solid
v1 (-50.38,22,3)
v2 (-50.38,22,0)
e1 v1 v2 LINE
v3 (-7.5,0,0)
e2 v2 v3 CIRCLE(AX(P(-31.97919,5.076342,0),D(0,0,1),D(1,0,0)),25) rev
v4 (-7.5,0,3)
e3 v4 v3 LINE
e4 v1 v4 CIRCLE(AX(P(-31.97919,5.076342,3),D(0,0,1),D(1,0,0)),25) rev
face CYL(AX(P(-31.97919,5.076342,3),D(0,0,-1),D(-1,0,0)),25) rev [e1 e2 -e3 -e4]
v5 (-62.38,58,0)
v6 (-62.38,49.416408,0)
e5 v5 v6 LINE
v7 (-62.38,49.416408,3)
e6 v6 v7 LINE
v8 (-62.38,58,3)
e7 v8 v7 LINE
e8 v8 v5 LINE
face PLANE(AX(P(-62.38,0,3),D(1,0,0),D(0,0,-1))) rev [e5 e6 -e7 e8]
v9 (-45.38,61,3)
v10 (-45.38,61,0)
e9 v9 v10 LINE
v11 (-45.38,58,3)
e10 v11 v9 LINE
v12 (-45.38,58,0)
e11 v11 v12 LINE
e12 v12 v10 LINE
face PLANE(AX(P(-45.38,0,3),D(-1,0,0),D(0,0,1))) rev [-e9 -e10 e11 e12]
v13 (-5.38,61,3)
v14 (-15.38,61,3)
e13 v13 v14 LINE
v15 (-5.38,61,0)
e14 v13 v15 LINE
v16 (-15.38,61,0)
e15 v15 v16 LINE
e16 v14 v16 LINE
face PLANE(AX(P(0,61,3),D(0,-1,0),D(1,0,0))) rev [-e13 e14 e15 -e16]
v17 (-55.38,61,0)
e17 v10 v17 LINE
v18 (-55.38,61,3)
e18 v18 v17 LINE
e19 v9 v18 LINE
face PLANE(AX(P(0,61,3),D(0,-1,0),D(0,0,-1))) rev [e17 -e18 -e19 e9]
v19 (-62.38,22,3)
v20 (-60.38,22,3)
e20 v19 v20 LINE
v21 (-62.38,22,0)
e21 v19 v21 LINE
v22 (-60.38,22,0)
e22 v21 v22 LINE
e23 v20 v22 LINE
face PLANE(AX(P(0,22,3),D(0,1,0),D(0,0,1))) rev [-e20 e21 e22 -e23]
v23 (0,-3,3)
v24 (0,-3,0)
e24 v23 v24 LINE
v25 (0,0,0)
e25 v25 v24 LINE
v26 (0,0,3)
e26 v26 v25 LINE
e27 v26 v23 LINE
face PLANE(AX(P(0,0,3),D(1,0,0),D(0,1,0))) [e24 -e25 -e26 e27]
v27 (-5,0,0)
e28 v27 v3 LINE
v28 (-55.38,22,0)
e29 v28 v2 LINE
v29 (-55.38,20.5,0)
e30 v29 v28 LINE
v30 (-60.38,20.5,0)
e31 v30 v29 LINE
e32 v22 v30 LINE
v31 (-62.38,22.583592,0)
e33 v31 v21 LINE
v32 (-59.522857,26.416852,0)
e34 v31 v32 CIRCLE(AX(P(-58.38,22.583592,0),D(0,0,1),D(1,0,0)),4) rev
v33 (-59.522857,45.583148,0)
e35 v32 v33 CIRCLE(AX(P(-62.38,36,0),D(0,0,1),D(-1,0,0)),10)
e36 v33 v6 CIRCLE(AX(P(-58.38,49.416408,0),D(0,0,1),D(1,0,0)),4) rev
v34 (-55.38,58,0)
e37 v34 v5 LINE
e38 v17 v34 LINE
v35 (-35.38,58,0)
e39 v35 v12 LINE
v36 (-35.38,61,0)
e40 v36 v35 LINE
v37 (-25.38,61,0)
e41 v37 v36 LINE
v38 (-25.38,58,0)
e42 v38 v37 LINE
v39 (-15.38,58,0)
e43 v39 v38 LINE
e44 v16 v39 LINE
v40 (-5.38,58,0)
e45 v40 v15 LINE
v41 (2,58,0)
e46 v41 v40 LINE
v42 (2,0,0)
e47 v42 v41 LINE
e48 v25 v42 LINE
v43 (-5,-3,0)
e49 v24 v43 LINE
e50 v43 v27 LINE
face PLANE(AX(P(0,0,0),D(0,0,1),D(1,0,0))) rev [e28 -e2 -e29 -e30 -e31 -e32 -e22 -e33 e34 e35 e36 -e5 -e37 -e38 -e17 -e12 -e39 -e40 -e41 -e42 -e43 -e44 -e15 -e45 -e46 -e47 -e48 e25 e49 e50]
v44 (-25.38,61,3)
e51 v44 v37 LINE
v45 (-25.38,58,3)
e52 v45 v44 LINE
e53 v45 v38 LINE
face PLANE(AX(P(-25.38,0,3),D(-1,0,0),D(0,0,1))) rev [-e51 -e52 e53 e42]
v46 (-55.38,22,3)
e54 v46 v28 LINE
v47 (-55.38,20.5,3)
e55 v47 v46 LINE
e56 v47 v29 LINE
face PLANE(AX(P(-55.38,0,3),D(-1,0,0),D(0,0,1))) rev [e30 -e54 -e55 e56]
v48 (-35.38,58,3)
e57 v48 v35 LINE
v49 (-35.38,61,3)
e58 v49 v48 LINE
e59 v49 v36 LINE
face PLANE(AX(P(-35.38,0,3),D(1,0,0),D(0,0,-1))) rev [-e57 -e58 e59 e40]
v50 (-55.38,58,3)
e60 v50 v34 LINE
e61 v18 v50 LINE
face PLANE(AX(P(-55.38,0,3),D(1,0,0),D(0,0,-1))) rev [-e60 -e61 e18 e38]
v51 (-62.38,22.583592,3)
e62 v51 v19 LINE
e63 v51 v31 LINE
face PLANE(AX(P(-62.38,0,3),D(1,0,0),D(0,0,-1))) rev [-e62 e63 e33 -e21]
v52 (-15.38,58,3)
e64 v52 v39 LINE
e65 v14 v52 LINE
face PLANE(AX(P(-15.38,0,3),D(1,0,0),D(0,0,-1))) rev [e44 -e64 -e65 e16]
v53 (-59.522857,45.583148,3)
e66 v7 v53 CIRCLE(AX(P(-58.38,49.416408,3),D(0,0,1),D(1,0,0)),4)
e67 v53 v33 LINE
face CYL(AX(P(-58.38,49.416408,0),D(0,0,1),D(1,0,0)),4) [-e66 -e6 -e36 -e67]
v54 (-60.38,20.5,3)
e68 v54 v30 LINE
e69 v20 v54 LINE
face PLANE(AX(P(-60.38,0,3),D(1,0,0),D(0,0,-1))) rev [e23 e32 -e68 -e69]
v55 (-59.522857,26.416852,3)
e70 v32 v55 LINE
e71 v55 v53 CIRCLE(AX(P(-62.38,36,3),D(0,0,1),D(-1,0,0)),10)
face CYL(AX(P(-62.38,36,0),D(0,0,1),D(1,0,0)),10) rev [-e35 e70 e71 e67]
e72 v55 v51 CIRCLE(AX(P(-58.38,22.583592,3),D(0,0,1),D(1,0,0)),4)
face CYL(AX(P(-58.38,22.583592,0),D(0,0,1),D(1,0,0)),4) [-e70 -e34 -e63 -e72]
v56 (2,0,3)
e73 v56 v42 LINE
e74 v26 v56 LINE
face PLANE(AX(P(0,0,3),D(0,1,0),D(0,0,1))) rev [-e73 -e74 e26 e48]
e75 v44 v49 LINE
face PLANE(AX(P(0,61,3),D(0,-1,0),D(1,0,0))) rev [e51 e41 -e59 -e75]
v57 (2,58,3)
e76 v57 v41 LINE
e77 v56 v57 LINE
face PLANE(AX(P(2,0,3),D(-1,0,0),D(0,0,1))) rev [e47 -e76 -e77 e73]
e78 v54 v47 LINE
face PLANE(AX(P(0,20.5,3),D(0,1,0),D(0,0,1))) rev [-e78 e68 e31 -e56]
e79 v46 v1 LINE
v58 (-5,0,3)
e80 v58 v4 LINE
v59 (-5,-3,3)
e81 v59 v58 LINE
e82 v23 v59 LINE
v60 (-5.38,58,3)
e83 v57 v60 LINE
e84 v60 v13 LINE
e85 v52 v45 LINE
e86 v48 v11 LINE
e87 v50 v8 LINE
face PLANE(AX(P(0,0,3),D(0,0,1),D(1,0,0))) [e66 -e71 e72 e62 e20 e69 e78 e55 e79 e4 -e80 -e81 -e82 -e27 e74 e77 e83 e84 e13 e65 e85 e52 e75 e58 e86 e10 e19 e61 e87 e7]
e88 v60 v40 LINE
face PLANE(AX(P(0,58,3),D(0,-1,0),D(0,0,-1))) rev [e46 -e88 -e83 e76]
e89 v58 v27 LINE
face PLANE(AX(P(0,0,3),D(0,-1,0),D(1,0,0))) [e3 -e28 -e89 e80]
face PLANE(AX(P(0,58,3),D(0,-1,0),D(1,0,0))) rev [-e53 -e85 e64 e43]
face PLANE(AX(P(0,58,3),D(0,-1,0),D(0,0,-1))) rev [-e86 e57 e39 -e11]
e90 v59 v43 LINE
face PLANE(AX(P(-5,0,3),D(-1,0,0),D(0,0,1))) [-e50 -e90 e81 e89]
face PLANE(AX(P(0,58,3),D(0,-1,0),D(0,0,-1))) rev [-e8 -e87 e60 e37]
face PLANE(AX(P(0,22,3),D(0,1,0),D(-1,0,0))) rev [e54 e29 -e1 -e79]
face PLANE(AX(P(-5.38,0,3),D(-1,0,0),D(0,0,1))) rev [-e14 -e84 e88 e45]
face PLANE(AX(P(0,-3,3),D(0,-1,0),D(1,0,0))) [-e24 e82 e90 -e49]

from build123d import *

# Parameters (mm, degrees)
SALIENTE_EXTRUIR1_DEPTH = 3
CORTAR_EXTRUIR1_DEPTH   = 3
REDONDEO1_R             = 4


with BuildPart() as part:
    # Croquis1 → Saliente-Extruir1 (new body)
    with BuildSketch(Plane.XY):
        with BuildLine():
            Line((0, 0), (0, -3))
            Line((0, -3), (-5, -3))
            Line((-5, -3), (-5, 0))
            Line((-5, 0), (-7.5, 0))
            ThreePointArc((-7.5, 0), (-20.567061666, 27.319617989), (-50.38, 22))
            Line((-50.38, 22), (-55.38, 22))
            Line((-55.38, 22), (-55.38, 20.5))
            Line((-55.38, 20.5), (-60.38, 20.5))
            Line((-60.38, 20.5), (-60.38, 22))
            Line((-60.38, 22), (-62.38, 22))
            Line((-62.38, 22), (-62.38, 58))
            Line((-62.38, 58), (-55.38, 58))
            Line((-55.38, 58), (-55.38, 61))
            Line((-55.38, 61), (-45.38, 61))
            Line((-45.38, 61), (-45.38, 58))
            Line((-45.38, 58), (-35.38, 58))
            Line((-35.38, 58), (-35.38, 61))
            Line((-35.38, 61), (-25.38, 61))
            Line((-25.38, 61), (-25.38, 58))
            Line((-25.38, 58), (-15.38, 58))
            Line((-15.38, 58), (-15.38, 61))
            Line((-15.38, 61), (-5.38, 61))
            Line((-5.38, 61), (-5.38, 58))
            Line((-5.38, 58), (2, 58))
            Line((2, 58), (2, 0))
            Line((2, 0), (0, 0))
        make_face()
    extrude(amount=SALIENTE_EXTRUIR1_DEPTH)

    # Croquis2 → Cortar-Extruir1 (cut)
    with BuildSketch(Plane.XY.offset(3)):
        with BuildLine():
            Line((-62.38, 46), (-62.38, 26))
            ThreePointArc((-62.38, 26), (-52.38, 36), (-62.38, 46))
        make_face()
    extrude(amount=-CORTAR_EXTRUIR1_DEPTH, mode=Mode.SUBTRACT)

    # Redondeo1
    redondeo1_edges = [part.edges().sort_by_distance(p)[0] for p in [
        (-62.38, 46, 1.5),
        (-62.38, 26, 1.5),
    ]]
    fillet(redondeo1_edges, radius=REDONDEO1_R)


solid = part.part
